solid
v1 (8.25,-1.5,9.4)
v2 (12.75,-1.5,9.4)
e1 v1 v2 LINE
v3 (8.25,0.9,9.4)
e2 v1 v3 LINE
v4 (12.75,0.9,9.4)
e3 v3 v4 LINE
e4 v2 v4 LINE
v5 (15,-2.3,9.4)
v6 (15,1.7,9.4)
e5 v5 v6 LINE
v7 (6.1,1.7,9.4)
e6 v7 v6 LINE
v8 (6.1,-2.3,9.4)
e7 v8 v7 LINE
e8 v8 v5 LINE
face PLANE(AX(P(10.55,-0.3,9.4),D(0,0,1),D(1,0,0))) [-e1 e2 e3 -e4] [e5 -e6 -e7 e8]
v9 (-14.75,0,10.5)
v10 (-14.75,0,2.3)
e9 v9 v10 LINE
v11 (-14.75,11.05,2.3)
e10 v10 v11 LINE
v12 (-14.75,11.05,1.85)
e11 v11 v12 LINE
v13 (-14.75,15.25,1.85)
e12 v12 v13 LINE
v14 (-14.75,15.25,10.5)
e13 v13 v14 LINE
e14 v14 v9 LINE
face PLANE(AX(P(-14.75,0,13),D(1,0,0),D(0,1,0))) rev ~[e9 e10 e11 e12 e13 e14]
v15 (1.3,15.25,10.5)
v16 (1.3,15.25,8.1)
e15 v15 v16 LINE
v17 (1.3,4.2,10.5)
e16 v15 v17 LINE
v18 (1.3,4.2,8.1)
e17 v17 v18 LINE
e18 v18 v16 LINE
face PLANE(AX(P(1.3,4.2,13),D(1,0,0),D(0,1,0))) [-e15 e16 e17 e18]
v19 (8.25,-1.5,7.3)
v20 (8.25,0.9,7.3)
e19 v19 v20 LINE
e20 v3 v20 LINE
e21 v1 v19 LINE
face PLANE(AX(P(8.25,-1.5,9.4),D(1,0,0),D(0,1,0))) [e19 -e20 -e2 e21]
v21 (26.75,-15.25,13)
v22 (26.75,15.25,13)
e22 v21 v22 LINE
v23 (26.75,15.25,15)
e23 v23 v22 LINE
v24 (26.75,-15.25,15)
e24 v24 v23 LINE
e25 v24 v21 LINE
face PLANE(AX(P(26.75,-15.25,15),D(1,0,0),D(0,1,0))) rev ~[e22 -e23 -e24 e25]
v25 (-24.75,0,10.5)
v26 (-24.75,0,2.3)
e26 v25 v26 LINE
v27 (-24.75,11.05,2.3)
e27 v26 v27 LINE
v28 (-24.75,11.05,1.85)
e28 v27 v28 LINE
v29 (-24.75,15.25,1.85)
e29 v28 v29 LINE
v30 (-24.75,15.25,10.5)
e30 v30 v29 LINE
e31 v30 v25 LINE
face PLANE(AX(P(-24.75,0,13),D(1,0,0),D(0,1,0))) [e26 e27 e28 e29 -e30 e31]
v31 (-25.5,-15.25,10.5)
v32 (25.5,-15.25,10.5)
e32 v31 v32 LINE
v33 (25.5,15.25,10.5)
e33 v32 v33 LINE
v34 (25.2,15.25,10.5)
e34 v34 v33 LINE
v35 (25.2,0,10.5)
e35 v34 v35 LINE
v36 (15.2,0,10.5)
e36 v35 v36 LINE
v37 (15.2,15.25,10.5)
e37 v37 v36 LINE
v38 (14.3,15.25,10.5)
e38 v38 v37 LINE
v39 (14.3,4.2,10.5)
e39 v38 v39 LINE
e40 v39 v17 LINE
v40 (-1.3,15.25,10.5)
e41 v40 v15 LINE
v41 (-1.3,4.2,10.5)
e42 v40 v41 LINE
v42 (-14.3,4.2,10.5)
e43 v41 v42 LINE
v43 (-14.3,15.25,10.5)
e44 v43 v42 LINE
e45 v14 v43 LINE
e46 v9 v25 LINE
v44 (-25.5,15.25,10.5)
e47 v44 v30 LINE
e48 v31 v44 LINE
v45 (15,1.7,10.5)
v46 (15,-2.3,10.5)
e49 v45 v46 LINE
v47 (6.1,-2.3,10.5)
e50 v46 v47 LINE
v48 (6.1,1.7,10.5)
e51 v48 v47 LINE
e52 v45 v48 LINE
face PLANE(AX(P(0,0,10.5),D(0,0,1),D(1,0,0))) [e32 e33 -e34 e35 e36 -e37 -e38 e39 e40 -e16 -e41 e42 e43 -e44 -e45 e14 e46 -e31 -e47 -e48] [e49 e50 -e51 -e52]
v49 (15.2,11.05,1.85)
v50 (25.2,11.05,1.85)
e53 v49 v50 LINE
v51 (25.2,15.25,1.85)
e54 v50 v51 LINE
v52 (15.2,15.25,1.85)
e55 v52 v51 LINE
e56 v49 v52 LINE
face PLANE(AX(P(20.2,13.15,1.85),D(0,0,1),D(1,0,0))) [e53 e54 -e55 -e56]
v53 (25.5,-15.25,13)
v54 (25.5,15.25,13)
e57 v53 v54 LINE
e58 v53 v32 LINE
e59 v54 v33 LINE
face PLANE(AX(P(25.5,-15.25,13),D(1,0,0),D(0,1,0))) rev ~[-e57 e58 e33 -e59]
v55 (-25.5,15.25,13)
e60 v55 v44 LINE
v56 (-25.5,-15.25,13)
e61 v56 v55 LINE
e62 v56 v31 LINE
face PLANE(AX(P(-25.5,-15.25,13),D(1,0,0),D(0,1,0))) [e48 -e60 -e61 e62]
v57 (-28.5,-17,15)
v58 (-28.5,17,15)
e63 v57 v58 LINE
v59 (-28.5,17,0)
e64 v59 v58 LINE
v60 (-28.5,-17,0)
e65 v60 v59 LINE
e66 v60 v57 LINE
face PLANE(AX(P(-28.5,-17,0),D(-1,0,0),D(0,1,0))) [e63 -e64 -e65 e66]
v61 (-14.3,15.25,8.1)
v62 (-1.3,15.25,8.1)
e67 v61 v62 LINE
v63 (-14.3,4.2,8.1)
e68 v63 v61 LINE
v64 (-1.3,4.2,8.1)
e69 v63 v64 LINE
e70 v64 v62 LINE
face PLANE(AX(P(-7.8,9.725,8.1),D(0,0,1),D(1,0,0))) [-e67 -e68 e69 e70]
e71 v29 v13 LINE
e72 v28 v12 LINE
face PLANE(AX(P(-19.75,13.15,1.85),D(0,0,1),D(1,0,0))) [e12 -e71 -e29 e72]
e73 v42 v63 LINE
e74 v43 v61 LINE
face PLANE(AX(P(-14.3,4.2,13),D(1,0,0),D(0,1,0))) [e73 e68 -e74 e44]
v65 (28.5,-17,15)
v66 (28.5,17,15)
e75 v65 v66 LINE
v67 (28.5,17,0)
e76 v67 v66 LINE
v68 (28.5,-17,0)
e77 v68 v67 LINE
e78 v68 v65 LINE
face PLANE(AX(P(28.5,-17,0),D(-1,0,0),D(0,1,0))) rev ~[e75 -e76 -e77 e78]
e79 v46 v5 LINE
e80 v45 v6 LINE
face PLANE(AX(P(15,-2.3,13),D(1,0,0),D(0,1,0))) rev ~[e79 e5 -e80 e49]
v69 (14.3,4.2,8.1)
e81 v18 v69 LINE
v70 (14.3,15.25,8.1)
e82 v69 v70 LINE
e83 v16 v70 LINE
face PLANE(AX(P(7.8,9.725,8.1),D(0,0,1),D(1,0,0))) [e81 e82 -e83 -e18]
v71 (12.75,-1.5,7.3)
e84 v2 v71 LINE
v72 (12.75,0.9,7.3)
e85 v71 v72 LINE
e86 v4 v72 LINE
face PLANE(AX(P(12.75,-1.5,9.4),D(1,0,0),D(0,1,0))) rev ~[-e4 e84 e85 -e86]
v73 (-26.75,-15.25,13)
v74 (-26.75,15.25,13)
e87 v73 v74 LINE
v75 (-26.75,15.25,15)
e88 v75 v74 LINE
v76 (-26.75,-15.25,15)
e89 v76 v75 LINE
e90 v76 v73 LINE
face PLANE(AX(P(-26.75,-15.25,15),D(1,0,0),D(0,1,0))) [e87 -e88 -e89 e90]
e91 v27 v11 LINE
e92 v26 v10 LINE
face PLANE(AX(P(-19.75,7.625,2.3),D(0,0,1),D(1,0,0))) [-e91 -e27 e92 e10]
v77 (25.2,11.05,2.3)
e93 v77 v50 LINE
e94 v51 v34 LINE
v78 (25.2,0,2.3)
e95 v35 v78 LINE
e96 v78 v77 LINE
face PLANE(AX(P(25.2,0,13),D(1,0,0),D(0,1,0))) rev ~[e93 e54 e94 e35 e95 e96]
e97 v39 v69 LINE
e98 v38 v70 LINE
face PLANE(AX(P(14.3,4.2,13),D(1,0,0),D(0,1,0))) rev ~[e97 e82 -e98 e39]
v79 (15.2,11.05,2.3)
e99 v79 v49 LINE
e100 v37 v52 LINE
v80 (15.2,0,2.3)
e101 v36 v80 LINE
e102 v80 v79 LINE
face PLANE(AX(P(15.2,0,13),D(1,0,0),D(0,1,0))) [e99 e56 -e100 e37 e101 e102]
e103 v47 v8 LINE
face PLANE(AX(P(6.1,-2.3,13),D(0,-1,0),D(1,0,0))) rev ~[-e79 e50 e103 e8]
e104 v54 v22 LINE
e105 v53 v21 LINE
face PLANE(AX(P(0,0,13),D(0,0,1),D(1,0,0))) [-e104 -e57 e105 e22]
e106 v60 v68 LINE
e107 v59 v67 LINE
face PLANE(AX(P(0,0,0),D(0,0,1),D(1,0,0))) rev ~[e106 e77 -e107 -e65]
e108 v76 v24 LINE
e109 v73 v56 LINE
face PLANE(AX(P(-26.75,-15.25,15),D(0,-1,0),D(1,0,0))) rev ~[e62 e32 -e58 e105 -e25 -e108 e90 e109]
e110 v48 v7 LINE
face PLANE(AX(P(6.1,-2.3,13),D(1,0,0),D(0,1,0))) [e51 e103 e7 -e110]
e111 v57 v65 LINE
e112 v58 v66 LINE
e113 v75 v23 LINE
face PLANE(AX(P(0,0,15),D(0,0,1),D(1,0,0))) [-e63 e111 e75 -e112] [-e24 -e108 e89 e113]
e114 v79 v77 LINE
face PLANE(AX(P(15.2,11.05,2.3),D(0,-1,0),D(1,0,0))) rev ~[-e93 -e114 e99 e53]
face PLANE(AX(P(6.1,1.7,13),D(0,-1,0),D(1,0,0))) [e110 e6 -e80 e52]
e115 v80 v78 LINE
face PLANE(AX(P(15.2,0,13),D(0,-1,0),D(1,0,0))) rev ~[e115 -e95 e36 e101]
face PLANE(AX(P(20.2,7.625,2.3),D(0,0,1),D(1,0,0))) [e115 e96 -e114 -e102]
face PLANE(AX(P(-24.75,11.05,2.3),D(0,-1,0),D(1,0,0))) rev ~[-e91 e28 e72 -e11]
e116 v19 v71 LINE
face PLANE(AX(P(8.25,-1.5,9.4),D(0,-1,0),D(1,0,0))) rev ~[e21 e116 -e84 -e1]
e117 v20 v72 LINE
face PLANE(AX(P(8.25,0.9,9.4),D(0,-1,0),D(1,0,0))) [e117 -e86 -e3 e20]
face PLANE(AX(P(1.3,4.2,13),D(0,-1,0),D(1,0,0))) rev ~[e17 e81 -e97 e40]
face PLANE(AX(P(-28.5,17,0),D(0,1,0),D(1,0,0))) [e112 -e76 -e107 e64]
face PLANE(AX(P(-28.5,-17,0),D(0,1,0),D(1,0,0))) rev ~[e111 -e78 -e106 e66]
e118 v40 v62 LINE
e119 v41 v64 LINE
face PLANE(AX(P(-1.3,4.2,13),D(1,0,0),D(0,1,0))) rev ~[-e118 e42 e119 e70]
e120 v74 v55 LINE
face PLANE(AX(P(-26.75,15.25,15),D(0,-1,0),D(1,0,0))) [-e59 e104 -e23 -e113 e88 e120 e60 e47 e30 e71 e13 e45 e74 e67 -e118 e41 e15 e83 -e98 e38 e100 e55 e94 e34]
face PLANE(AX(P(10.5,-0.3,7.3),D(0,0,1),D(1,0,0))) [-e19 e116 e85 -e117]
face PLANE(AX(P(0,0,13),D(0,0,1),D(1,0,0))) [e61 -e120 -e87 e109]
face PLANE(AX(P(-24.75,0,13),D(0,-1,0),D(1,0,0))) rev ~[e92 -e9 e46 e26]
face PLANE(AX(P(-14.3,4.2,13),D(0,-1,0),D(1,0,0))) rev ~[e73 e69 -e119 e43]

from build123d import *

# Parameters (mm, degrees)
SKETCH_W        = 57
SKETCH_H        = 34
PAD_DEPTH       = 15
SKETCH001_W     = 53.5
SKETCH001_H     = 30.5
POCKET_DEPTH    = 2
SKETCH002_W     = 10
SKETCH002_H     = 15.25
POCKET001_DEPTH = 10.7
SKETCH003_W     = 10
SKETCH003_H     = 4.2
POCKET002_DEPTH = 0.45
SKETCH004_W     = 13
SKETCH004_H     = 11.05
POCKET003_DEPTH = 4.9
SKETCH005_W     = 8.9
SKETCH005_H     = 4
POCKET004_DEPTH = 3.6
SKETCH006_W     = 4.5
SKETCH006_H     = 2.4
POCKET005_DEPTH = 2.1
SKETCH007_W     = 51
SKETCH007_H     = 30.5
POCKET006_DEPTH = 2.5


with BuildPart() as part:
    # Sketch → Pad (new body)
    with BuildSketch(Plane.XY):
        Rectangle(SKETCH_W, SKETCH_H)
    extrude(amount=PAD_DEPTH)

    # Sketch001 (on Face6 of Pad) → Pocket (cut)
    with BuildSketch(Plane.XY.offset(15)):
        Rectangle(SKETCH001_W, SKETCH001_H)
    extrude(amount=-POCKET_DEPTH, mode=Mode.SUBTRACT)

    # Sketch002 (on Face11 of Pocket) → Pocket001 (cut)
    with BuildSketch(Plane.XY.offset(13)):
        with Locations((-19.75, 7.625)):
            Rectangle(SKETCH002_W, SKETCH002_H)
        with Locations((20.2, 7.625)):
            Rectangle(SKETCH002_W, SKETCH002_H)
    extrude(amount=-POCKET001_DEPTH, mode=Mode.SUBTRACT)

    # Sketch003 (on Face18 of Pocket001) → Pocket002 (cut)
    with BuildSketch(Plane.XY.offset(2.3)):
        with Locations((-19.75, 13.15)):
            Rectangle(SKETCH003_W, SKETCH003_H)
        with Locations((20.2, 13.15)):
            Rectangle(SKETCH003_W, SKETCH003_H)
    extrude(amount=-POCKET002_DEPTH, mode=Mode.SUBTRACT)

    # Sketch004 (on Face10 of Pocket002) → Pocket003 (cut)
    with BuildSketch(Plane.XY.offset(13)):
        with Locations((-7.8, 9.725)):
            Rectangle(SKETCH004_W, SKETCH004_H)
        with Locations((7.8, 9.725)):
            Rectangle(SKETCH004_W, SKETCH004_H)
    extrude(amount=-POCKET003_DEPTH, mode=Mode.SUBTRACT)

    # Sketch005 (on Face10 of Pocket003) → Pocket004 (cut)
    with BuildSketch(Plane.XY.offset(13)):
        with Locations((10.55, -0.3)):
            Rectangle(SKETCH005_W, SKETCH005_H)
    extrude(amount=-POCKET004_DEPTH, mode=Mode.SUBTRACT)

    # Sketch006 (on Face36 of Pocket004) → Pocket005 (cut)
    with BuildSketch(Plane.XY.offset(9.4)):
        with Locations((10.5, -0.3)):
            Rectangle(SKETCH006_W, SKETCH006_H)
    extrude(amount=-POCKET005_DEPTH, mode=Mode.SUBTRACT)

    # Sketch007 (on Face11 of Pocket005) → Pocket006 (cut)
    with BuildSketch(Plane.XY.offset(13)):
        Rectangle(SKETCH007_W, SKETCH007_H)
    extrude(amount=-POCKET006_DEPTH, mode=Mode.SUBTRACT)


solid = part.part
